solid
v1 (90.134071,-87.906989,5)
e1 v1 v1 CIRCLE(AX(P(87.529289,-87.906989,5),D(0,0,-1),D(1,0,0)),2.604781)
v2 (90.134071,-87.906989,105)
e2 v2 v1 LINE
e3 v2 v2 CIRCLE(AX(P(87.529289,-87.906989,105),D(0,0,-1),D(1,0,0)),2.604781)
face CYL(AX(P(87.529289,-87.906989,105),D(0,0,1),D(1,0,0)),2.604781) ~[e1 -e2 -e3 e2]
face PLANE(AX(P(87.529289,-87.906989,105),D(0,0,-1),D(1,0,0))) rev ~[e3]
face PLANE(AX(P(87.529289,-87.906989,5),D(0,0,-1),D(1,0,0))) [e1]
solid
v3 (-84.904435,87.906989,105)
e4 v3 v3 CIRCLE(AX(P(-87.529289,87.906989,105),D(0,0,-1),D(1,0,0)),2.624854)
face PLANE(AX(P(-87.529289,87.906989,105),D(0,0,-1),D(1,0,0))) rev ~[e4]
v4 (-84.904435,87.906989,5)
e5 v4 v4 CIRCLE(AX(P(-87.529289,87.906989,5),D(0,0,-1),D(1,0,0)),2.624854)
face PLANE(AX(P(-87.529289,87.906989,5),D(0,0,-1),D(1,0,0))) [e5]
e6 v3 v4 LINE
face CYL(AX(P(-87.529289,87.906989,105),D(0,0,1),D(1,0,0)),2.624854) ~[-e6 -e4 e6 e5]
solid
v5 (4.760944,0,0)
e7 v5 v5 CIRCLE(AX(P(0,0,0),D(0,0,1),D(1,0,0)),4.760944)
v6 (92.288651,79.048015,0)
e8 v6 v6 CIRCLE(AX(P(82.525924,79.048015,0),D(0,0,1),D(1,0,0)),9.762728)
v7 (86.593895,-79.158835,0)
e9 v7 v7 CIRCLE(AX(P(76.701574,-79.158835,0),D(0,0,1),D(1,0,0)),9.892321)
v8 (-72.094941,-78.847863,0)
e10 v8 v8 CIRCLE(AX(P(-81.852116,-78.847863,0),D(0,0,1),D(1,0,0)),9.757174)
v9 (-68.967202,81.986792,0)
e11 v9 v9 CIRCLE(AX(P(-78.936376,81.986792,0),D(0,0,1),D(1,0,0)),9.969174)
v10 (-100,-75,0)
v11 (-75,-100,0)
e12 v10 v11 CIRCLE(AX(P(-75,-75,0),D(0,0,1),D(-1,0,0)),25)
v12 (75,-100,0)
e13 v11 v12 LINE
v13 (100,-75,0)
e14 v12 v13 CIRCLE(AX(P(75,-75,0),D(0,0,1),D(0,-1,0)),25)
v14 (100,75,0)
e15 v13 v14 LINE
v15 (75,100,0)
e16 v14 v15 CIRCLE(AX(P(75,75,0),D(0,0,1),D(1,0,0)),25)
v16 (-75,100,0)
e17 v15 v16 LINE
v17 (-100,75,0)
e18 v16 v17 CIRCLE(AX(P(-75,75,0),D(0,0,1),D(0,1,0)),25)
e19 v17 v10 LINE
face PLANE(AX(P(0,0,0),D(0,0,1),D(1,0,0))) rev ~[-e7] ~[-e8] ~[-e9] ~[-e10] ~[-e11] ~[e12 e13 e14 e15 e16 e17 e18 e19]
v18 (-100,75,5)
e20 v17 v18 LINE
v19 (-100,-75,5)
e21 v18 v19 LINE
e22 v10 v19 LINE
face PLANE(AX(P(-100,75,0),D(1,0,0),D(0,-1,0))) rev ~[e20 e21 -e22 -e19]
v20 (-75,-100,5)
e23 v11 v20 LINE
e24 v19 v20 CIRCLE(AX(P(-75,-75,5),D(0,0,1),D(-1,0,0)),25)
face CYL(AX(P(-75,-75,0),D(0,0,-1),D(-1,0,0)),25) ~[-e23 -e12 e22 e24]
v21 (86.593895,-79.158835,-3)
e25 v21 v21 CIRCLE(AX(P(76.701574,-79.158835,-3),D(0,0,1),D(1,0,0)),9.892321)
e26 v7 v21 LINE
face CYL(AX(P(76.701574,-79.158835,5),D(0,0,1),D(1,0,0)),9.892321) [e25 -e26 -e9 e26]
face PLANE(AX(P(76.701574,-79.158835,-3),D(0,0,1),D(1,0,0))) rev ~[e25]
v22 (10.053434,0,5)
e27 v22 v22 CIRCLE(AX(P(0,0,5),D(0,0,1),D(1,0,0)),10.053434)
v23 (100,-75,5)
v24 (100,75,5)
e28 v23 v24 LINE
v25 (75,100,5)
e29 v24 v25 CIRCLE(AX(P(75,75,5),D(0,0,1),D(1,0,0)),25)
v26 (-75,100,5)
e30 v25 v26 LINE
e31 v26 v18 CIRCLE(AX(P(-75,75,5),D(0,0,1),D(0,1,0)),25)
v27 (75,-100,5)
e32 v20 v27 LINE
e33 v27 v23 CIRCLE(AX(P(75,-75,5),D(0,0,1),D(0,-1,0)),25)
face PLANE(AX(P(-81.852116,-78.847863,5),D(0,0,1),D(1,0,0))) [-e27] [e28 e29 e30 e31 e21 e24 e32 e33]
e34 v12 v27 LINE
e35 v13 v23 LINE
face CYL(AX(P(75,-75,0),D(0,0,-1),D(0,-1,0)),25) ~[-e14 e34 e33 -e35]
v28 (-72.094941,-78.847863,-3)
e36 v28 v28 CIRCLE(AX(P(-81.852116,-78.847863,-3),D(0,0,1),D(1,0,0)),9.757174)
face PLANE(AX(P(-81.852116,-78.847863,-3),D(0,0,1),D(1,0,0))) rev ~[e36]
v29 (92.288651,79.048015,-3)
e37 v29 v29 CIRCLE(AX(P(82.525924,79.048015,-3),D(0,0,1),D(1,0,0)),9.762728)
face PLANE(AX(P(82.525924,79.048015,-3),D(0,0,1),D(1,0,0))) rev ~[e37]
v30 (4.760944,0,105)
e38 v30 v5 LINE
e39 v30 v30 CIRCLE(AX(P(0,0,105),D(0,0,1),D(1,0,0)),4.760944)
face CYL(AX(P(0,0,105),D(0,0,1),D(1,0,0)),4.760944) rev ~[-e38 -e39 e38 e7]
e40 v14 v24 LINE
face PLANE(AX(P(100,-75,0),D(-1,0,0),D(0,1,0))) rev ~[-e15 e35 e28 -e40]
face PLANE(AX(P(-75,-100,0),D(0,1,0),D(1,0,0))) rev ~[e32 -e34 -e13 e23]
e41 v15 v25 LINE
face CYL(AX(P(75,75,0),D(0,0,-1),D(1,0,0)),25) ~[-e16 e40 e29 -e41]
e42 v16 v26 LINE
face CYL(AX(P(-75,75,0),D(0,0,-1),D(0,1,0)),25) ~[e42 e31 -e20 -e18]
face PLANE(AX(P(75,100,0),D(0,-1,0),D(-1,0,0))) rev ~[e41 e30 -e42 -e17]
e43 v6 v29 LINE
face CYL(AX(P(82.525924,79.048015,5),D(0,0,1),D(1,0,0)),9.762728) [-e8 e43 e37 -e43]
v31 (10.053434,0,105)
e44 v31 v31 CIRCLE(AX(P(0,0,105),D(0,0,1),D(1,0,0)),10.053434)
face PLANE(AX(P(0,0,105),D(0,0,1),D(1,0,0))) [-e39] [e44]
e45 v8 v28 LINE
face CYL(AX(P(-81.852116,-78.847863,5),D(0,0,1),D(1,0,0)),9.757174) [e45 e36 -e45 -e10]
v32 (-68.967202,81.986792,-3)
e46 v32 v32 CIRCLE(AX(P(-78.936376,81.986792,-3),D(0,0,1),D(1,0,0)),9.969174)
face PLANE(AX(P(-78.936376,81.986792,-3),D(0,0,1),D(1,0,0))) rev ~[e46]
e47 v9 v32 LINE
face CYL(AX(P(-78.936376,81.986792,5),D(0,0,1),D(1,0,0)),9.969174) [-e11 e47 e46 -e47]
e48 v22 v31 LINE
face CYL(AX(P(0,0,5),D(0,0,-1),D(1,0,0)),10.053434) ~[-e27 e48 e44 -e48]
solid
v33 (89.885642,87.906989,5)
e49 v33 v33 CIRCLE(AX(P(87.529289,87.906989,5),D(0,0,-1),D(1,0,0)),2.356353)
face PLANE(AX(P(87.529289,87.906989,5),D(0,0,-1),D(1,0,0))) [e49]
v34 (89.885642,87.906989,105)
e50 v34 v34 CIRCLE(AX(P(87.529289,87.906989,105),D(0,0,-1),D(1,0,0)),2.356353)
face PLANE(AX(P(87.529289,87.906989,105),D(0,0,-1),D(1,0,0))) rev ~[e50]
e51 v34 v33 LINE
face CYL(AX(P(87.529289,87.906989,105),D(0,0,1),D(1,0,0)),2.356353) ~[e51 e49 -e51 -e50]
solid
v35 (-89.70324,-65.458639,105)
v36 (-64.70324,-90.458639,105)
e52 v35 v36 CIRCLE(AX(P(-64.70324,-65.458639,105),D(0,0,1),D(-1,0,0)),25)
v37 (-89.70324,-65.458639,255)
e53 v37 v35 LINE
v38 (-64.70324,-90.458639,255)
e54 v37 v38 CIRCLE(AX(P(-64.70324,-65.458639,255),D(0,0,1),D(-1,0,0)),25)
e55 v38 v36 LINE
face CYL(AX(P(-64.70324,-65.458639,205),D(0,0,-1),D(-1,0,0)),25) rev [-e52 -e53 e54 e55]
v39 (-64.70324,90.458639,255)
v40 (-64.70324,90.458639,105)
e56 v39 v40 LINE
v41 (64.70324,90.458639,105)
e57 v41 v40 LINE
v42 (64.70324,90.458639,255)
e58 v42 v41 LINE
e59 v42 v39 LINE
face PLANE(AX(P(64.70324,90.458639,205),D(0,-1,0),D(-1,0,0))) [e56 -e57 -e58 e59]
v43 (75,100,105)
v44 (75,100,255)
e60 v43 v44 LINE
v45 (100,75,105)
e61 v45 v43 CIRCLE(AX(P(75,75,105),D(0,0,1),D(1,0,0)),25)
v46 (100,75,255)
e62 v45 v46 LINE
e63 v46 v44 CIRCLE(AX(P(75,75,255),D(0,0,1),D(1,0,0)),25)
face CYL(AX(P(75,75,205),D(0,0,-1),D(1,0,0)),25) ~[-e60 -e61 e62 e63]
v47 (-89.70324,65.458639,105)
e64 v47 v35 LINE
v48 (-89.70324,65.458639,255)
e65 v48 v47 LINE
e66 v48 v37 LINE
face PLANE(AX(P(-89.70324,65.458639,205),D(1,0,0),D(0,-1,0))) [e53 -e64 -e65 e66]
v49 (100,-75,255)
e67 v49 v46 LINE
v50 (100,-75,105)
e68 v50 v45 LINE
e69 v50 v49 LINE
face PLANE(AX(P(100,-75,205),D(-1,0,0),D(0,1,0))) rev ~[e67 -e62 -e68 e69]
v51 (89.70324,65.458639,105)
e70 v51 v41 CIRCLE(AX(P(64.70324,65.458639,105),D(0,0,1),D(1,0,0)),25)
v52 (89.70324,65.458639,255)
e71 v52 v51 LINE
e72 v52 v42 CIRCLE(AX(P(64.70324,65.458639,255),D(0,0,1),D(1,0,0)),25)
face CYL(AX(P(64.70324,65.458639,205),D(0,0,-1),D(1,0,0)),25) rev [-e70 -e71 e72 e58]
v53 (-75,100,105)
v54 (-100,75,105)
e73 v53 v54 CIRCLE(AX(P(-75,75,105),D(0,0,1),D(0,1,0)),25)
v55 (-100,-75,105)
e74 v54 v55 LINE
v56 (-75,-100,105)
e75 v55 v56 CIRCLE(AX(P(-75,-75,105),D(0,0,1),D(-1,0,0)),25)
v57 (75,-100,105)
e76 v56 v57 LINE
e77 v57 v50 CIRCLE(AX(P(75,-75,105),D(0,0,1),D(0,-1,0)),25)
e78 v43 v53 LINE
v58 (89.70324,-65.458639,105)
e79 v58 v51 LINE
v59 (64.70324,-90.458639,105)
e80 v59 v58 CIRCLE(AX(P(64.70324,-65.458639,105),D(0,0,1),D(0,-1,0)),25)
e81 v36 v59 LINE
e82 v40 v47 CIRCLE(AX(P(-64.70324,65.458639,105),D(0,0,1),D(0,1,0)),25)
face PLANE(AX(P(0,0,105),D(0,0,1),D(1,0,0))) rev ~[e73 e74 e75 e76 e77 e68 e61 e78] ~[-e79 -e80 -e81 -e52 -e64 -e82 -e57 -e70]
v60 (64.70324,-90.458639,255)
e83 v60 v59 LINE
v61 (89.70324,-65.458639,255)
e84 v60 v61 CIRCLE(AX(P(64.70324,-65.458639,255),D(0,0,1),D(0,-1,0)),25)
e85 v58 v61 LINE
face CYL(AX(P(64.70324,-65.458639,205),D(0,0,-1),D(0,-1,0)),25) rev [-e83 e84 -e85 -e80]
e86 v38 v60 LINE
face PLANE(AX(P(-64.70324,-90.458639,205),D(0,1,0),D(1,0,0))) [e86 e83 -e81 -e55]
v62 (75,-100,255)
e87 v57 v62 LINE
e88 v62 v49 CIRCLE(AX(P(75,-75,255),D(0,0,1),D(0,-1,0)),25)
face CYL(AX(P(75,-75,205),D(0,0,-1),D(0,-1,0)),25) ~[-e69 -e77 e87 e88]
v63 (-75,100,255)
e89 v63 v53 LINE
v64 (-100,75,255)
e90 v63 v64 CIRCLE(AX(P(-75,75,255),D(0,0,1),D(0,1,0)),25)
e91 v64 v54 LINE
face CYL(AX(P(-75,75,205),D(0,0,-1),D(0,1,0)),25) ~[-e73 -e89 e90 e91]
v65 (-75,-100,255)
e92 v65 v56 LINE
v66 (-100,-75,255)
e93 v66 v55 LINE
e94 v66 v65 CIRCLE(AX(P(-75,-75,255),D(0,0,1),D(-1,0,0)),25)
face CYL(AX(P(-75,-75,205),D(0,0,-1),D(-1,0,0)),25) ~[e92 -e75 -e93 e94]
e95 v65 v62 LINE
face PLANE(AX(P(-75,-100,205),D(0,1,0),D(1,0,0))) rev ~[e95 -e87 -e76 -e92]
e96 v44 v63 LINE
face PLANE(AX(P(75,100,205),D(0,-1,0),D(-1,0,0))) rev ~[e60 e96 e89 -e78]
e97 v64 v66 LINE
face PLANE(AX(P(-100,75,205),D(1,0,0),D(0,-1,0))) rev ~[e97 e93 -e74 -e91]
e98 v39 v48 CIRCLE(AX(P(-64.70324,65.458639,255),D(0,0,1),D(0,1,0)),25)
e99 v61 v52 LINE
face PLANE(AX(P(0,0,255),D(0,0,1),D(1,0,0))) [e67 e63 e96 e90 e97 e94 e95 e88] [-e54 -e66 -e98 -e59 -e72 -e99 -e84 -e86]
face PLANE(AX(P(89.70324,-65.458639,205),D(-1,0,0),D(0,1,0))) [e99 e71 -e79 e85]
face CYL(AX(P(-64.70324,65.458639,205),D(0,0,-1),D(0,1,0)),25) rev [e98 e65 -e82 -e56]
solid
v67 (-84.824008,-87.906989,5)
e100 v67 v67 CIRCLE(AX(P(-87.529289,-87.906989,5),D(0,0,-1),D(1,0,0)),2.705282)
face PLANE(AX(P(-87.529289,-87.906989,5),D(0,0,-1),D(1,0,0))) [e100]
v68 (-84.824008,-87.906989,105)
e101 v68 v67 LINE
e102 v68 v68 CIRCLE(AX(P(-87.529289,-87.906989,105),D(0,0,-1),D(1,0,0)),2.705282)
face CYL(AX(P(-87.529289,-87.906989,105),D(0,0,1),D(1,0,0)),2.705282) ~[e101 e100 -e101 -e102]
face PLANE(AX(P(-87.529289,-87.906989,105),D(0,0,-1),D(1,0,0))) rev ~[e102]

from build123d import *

# Parameters (mm, degrees)
F1_DEPTH  = 5
F2_R      = 9.8923209576
F3_DEPTH  = 8
F4_R      = 9.7627275274
F5_DEPTH  = 8
F6_R      = 9.9691740399
F7_DEPTH  = 8
F8_R      = 9.7571742201
F9_DEPTH  = 8
F10_R     = 10.0534343547
F11_DEPTH = 100
F12_R     = 4.7609440729
F13_DEPTH = 108.001
F15_DEPTH = 100
F17_DEPTH = 100
F18_DEPTH = 50
F19_R     = 2.7052817388
F20_DEPTH = 100
F21_R     = 2.6248544572
F22_DEPTH = 100
F23_R     = 2.3563527367
F24_DEPTH = 100
F25_R     = 2.6047813855
F26_DEPTH = 100


with BuildPart() as f1:
    # F0 (on Top) → F1 (new body)
    with BuildSketch(Plane.XY):
        with BuildLine():
            Line((-75, -100), (75, -100))
            ThreePointArc((75, -100), (92.6776695297, -92.6776695297), (100, -75))
            Line((100, -75), (100, 75))
            ThreePointArc((100, 75), (92.6776695297, 92.6776695297), (75, 100))
            Line((75, 100), (-75, 100))
            ThreePointArc((-75, 100), (-92.6776695297, 92.6776695297), (-100, 75))
            Line((-100, 75), (-100, -75))
            ThreePointArc((-100, -75), (-92.6776695297, -92.6776695297), (-75, -100))
        make_face()
    extrude(amount=F1_DEPTH)

    # F2 (on face) → F3 (join)
    with BuildSketch(Plane.XY.offset(5)):
        with Locations((76.7015740275, -79.158835113)):
            Circle(F2_R)
    extrude(amount=-F3_DEPTH)

    # F4 (on face) → F5 (join)
    with BuildSketch(Plane.XY.offset(5)):
        with Locations((82.5259238482, 79.0480151772)):
            Circle(F4_R)
    extrude(amount=-F5_DEPTH)

    # F6 (on face) → F7 (join)
    with BuildSketch(Plane.XY.offset(5)):
        with Locations((-78.9363756776, 81.9867923856)):
            Circle(F6_R)
    extrude(amount=-F7_DEPTH)

    # F8 (on face) → F9 (join)
    with BuildSketch(Plane.XY.offset(5)):
        with Locations((-81.8521156907, -78.8478627801)):
            Circle(F8_R)
    extrude(amount=-F9_DEPTH)

    # F10 (on face) → F11 (join)
    with BuildSketch(Plane.XY.offset(5)):
        Circle(F10_R)
    extrude(amount=F11_DEPTH)

    # F12 (on face) → F13 (cut, through all)
    with BuildSketch(Plane.XY.offset(105)):
        Circle(F12_R)
    extrude(amount=-F13_DEPTH, mode=Mode.SUBTRACT)

    # F14 (on face) → F15 (join)
    with BuildSketch(Plane.XY.offset(105)):
        with BuildLine():
            Line((-75, -100), (75, -100))
            ThreePointArc((75, -100), (92.6776695297, -92.6776695297), (100, -75))
            Line((100, -75), (100, 75))
            ThreePointArc((100, 75), (92.6776695297, 92.6776695297), (75, 100))
            Line((75, 100), (-75, 100))
            ThreePointArc((-75, 100), (-92.6776695297, 92.6776695297), (-100, 75))
            Line((-100, 75), (-100, -75))
            ThreePointArc((-100, -75), (-92.6776695297, -92.6776695297), (-75, -100))
        make_face()
    extrude(amount=F15_DEPTH)

    # F16 (on face) → F17 (cut)
    with BuildSketch(Plane.XY.offset(205)):
        with BuildLine():
            Line((89.7032395005, -65.4586389661), (89.7032395005, 0))
            Line((89.7032395005, 0), (89.7032395005, 65.4586389661))
            ThreePointArc((89.7032395005, 65.4586389661), (82.3809090302, 83.1363084957), (64.7032395005, 90.4586389661))
            Line((64.7032395005, 90.4586389661), (0, 90.4586389661))
            Line((0, 90.4586389661), (-64.7032395005, 90.4586389661))
            ThreePointArc((-64.7032395005, 90.4586389661), (-82.3809090302, 83.1363084957), (-89.7032395005, 65.4586389661))
            Line((-89.7032395005, 65.4586389661), (-89.7032395005, -65.4586389661))
            ThreePointArc((-89.7032395005, -65.4586389661), (-82.3809090302, -83.1363084957), (-64.7032395005, -90.4586389661))
            Line((-64.7032395005, -90.4586389661), (0, -90.4586389661))
            Line((0, -90.4586389661), (64.7032395005, -90.4586389661))
            ThreePointArc((64.7032395005, -90.4586389661), (82.3809090302, -83.1363084957), (89.7032395005, -65.4586389661))
        make_face()
    extrude(amount=-F17_DEPTH, mode=Mode.SUBTRACT)

    # F18 (add): a face of the model
    f18_faces = [f1.faces().sort_by_distance(p)[0] for p in [
        (0, -97.1715728753, 205),
    ]]
    extrude(f18_faces, amount=F18_DEPTH)


with BuildPart() as f20:
    # F19 (on face) → F20 (new body, through all)
    with BuildSketch(Plane(origin=(0, 0, 105), x_dir=(1, 0, 0), z_dir=(0, 0, -1))):
        with Locations((-87.5292892799, 87.9069890127)):
            Circle(F19_R)
    extrude(amount=F20_DEPTH)


with BuildPart() as f22:
    # F21 (on face) → F22 (new body, through all)
    with BuildSketch(Plane(origin=(0, 0, 105), x_dir=(1, 0, 0), z_dir=(0, 0, -1))):
        with Locations((-87.5292892799, -87.9069890127)):
            Circle(F21_R)
    extrude(amount=F22_DEPTH)


with BuildPart() as f24:
    # F23 (on face) → F24 (new body, through all)
    with BuildSketch(Plane(origin=(0, 0, 105), x_dir=(1, 0, 0), z_dir=(0, 0, -1))):
        with Locations((87.5292892799, -87.9069890127)):
            Circle(F23_R)
    extrude(amount=F24_DEPTH)


with BuildPart() as f26:
    # F25 (on face) → F26 (new body, through all)
    with BuildSketch(Plane(origin=(0, 0, 105), x_dir=(1, 0, 0), z_dir=(0, 0, -1))):
        with Locations((87.5292892799, 87.9069890127)):
            Circle(F25_R)
    extrude(amount=F26_DEPTH)


solid = Compound([f1.part, f20.part, f22.part, f24.part, f26.part])
